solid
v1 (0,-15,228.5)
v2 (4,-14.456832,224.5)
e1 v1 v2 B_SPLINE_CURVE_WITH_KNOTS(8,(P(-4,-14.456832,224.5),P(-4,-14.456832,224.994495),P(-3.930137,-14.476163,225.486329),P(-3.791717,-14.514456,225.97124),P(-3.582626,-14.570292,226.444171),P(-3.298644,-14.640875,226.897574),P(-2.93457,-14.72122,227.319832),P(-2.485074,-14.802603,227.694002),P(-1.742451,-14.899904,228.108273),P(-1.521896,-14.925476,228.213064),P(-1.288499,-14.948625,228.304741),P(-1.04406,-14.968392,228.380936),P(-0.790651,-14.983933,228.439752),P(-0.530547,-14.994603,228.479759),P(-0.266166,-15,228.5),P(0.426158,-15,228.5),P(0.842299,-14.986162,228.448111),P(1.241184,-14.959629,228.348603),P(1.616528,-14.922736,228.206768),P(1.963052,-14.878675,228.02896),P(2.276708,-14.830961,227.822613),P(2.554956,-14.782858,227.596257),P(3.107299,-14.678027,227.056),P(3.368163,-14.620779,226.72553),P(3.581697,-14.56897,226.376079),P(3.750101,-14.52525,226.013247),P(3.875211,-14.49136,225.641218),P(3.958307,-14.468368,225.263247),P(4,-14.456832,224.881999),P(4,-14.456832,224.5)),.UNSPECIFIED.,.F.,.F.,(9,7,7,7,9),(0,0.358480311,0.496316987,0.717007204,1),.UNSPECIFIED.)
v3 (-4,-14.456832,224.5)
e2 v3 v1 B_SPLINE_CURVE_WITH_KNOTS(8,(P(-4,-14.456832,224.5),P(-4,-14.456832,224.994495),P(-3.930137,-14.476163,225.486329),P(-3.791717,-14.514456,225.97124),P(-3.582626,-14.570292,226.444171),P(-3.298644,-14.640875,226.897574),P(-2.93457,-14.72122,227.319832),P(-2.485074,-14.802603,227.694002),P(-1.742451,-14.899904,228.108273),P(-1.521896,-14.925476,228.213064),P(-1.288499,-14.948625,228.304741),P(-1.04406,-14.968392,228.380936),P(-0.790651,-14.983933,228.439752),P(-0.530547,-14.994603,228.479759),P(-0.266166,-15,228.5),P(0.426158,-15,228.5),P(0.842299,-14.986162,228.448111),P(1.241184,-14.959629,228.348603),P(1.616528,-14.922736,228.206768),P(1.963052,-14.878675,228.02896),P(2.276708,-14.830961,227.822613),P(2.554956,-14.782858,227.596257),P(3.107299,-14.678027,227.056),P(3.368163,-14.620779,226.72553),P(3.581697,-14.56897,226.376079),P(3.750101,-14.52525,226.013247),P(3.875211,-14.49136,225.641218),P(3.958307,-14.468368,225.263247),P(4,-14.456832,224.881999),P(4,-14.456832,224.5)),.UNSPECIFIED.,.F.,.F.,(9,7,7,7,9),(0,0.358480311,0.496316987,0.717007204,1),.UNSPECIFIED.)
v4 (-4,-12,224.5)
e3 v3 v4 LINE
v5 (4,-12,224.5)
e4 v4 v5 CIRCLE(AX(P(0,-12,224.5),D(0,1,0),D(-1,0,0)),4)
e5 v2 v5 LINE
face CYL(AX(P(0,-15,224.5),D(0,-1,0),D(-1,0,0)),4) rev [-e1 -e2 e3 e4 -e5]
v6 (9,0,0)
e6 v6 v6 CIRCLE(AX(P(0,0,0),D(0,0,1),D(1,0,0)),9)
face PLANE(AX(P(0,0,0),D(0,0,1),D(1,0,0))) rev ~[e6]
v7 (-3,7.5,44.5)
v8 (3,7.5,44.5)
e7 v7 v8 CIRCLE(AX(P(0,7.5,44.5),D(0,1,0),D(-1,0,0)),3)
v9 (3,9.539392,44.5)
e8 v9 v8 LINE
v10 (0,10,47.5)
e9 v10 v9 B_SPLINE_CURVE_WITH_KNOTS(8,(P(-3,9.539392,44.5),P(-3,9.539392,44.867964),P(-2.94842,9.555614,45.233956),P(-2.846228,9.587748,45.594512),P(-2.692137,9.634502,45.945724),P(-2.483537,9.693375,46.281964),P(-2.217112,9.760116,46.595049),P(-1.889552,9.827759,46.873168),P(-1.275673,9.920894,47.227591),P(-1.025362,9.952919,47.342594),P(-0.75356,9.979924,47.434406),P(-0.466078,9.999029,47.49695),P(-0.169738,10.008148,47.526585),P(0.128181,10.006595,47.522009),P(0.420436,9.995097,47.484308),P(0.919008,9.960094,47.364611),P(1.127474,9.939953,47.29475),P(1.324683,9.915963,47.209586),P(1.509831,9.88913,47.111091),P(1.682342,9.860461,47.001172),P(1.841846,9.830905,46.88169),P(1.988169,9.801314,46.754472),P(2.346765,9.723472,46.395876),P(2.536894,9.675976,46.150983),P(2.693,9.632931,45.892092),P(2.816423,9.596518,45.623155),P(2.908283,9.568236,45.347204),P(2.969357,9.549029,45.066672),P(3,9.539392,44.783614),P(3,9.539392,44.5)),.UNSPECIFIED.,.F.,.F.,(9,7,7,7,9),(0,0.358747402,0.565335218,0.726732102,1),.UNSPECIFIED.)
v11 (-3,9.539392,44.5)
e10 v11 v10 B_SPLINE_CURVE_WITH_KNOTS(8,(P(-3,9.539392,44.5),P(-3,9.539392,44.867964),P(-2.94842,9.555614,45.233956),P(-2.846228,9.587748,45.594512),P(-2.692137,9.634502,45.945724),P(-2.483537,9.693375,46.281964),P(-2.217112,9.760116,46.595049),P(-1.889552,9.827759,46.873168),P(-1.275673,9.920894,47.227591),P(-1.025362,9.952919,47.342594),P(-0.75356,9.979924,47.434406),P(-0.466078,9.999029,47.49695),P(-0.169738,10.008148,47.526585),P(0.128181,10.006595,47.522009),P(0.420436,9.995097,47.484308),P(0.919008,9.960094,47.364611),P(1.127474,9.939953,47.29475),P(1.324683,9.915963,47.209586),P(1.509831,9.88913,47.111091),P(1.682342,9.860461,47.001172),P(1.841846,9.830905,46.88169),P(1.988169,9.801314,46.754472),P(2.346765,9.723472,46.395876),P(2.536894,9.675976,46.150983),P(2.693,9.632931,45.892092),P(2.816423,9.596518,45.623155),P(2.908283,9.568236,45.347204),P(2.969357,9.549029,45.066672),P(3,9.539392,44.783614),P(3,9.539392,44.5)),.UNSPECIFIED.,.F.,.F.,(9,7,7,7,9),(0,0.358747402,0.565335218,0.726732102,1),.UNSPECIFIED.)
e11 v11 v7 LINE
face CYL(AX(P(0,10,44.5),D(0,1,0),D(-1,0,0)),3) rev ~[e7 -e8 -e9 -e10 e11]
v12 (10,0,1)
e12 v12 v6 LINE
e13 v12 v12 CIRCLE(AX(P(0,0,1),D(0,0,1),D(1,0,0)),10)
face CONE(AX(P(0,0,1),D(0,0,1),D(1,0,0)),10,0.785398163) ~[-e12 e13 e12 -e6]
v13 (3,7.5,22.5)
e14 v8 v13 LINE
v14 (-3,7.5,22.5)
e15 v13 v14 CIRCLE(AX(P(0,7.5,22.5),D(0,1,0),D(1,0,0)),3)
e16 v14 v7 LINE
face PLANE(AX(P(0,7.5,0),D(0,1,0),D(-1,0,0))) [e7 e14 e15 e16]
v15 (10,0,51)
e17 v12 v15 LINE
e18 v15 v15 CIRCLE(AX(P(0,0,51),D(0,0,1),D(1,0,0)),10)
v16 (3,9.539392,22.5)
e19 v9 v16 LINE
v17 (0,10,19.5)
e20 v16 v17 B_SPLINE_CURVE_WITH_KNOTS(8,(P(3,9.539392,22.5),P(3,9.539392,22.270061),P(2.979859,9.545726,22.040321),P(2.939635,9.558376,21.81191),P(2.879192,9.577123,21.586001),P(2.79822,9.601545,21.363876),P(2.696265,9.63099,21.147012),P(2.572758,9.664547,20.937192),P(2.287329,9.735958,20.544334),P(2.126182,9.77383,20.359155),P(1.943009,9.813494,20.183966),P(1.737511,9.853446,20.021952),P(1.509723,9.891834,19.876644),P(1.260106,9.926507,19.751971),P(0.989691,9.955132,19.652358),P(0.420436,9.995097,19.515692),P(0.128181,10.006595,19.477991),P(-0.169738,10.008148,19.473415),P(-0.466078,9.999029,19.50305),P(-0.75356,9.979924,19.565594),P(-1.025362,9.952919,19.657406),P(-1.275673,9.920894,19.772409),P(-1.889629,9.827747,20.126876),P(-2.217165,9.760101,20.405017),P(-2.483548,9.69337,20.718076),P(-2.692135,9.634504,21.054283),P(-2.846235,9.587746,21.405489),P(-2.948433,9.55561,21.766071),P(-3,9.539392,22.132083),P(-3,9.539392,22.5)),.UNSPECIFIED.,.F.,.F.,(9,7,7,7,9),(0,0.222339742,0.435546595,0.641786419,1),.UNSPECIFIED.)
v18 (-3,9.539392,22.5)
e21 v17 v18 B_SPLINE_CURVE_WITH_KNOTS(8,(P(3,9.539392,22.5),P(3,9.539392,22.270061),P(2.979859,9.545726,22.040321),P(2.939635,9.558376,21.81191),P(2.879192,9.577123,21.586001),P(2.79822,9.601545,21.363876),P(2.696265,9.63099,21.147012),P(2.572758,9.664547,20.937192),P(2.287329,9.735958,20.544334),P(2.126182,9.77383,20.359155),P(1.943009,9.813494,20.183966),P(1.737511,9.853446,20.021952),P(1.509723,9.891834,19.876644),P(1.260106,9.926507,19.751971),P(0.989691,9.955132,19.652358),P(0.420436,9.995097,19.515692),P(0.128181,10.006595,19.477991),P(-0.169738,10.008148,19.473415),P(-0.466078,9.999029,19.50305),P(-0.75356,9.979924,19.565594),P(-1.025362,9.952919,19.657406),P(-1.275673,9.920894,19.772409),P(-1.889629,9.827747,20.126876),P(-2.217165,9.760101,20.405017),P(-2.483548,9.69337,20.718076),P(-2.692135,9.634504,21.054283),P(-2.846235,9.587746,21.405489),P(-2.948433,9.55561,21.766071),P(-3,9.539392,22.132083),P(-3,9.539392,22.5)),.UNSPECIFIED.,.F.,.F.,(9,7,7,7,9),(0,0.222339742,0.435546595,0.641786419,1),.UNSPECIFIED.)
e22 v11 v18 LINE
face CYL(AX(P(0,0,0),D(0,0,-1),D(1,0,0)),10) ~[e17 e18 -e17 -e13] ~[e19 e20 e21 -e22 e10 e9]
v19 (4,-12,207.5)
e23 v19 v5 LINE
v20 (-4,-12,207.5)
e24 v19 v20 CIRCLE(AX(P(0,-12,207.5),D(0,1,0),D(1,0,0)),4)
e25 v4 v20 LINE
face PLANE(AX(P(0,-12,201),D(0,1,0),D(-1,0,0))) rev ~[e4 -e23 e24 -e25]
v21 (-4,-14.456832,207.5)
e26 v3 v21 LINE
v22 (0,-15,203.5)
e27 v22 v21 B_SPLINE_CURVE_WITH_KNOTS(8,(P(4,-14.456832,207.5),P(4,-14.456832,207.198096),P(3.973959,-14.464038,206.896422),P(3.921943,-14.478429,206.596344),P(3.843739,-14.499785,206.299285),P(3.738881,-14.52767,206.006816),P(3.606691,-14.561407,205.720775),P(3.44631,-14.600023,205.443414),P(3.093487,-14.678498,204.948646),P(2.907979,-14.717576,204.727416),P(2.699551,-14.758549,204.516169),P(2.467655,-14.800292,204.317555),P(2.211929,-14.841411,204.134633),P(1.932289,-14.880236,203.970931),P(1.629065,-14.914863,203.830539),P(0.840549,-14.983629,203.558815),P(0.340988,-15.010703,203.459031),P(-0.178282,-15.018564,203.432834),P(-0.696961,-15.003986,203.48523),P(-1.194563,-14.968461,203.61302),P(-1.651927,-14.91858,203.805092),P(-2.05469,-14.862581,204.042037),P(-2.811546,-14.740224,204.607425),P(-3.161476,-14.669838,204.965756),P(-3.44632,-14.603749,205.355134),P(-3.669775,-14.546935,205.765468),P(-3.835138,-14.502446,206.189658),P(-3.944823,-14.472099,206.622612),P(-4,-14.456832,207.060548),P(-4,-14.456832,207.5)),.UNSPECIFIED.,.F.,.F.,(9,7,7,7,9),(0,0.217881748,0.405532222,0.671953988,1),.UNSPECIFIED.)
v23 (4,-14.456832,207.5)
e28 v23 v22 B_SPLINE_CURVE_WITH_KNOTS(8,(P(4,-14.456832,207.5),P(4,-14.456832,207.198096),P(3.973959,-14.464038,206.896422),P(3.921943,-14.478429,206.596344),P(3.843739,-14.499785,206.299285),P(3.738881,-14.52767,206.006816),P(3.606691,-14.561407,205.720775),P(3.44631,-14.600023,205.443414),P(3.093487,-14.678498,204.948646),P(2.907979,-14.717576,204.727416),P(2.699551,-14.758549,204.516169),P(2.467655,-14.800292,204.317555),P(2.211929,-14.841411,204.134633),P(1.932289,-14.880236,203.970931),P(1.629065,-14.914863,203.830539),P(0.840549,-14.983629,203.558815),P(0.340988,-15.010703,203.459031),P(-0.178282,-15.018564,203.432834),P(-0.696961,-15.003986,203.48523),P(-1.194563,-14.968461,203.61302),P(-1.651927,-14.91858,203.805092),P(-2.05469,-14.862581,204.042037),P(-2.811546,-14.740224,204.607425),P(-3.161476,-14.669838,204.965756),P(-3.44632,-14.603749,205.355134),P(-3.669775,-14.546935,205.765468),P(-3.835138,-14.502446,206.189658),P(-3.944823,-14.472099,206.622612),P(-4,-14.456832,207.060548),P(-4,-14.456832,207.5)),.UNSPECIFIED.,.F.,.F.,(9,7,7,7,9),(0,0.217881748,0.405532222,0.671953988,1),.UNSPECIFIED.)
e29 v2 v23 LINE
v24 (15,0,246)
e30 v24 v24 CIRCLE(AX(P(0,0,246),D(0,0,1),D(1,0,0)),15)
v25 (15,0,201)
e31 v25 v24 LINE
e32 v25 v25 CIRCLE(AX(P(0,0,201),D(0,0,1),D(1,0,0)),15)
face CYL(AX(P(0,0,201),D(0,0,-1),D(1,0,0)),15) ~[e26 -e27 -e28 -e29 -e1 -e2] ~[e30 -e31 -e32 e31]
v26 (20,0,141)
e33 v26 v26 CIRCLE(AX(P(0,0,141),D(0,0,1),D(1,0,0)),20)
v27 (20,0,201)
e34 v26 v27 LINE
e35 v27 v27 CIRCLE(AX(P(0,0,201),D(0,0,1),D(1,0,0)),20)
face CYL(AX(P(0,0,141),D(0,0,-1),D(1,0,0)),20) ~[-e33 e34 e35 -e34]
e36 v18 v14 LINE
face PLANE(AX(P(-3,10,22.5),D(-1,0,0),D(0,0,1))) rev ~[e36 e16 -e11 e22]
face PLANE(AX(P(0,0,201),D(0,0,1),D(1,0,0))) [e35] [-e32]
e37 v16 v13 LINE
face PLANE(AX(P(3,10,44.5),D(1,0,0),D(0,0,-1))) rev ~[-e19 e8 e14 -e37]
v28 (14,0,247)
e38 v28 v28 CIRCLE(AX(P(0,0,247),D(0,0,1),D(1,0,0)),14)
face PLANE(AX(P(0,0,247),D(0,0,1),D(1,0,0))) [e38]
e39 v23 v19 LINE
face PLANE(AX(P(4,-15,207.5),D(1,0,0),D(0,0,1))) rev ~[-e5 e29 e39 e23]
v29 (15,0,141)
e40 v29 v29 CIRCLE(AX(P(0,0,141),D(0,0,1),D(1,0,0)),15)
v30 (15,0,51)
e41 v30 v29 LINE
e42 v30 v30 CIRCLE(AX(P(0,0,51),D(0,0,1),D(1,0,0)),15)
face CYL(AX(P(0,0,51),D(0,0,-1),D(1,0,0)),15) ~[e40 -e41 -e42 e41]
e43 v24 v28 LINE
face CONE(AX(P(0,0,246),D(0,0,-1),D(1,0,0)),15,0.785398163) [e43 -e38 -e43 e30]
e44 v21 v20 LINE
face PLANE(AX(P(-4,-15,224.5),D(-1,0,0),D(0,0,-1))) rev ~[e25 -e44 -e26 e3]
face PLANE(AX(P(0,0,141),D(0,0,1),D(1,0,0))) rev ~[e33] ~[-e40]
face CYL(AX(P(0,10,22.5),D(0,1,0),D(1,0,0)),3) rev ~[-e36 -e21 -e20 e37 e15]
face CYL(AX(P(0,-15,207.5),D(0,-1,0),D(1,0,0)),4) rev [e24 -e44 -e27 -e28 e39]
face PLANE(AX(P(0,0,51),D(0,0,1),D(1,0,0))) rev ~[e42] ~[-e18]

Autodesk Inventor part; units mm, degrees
ref_plane "YZ Plane" through (0, 0, 0) normal (1, 0, 0) x (0, 1, 0)
sketch "草图1" plane through (0, 0, 0) normal (0, 0, 1) x (1, 0, 0)
  circle A0 centre (0, 0) radius 10
  dimension "d0" = 20
extrude "拉伸1" add sketch "草图1" along normal blind 51
sketch "草图2" plane through (0, 0, 51) normal (0, 0, 1) x (1, 0, 0)
  circle A0 centre (0, 0) radius 15
  dimension "d3" = 30
extrude "拉伸2" add sketch "草图2" along normal blind 90
sketch "草图3" plane through (0, 0, 141) normal (0, 0, 1) x (1, 0, 0)
  circle A0 centre (0, 0) radius 20
  dimension "d6" = 40
extrude "拉伸3" add sketch "草图3" along normal blind 60
sketch "草图4" plane through (0, 0, 201) normal (0, 0, 1) x (1, 0, 0)
  circle A0 centre (0, 0) radius 15
  dimension "d9" = 30
extrude "拉伸4" add sketch "草图4" along normal blind 46
chamfer "倒角1" distance 1 angle 45 2 edges at (-15, 0, 247) (-10, 0, 0)
ref_plane "工作平面1" through (0, 10, 0) normal (0, 1, 0) x (-1, 0, 0)
sketch "草图5" plane through (0, 10, 0) normal (0, 1, 0) x (-1, 0, 0)
  line L0 (3, 44.5) -> (-3, 44.5)
  line L1 (-3, 44.5) -> (-3, 22.5)
  line L2 (-3, 22.5) -> (3, 22.5)
  line L3 (3, 22.5) -> (3, 44.5)
  arc A0 (-3, 22.5) -> (3, 22.5) centre (0, 22.5) ccw
  arc A1 (3, 44.5) -> (-3, 44.5) centre (0, 44.5) ccw
  line L4 (0, 0) -> (0, -6.1876)
  line L5 (-15, 51) -> (15, 51) projected
  dimension "d15" = 6
  dimension "d16" = 6.1876
  dimension "d17" = 6.5
  dimension "d18" = 22
extrude "拉伸5" cut sketch "草图5" against normal blind 2.5
ref_plane "工作平面2" through (0, -15, 201) normal (0, 1, 0) x (-1, 0, 0)
sketch "草图6" plane through (0, -15, 201) normal (0, 1, 0) x (-1, 0, 0)
  line L0 (-4, 23.5) -> (4, 23.5)
  line L1 (4, 23.5) -> (4, 6.5)
  line L2 (4, 6.5) -> (-4, 6.5)
  line L3 (-4, 6.5) -> (-4, 23.5)
  arc A0 (-4, 6.5) -> (4, 6.5) centre (0, 6.5) ccw
  arc A1 (4, 23.5) -> (-4, 23.5) centre (0, 23.5) ccw
  line L4 (20, 0) -> (-20, 0) projected
  line L5 (0, 0) -> (0, 6.5)
  point P0 (0, -201)
  dimension "d21" = 6.5
  dimension "d22" = 8
  dimension "d23" = 17
extrude "拉伸6" cut sketch "草图6" along normal blind 3
properties part number "齿轮160配件"
